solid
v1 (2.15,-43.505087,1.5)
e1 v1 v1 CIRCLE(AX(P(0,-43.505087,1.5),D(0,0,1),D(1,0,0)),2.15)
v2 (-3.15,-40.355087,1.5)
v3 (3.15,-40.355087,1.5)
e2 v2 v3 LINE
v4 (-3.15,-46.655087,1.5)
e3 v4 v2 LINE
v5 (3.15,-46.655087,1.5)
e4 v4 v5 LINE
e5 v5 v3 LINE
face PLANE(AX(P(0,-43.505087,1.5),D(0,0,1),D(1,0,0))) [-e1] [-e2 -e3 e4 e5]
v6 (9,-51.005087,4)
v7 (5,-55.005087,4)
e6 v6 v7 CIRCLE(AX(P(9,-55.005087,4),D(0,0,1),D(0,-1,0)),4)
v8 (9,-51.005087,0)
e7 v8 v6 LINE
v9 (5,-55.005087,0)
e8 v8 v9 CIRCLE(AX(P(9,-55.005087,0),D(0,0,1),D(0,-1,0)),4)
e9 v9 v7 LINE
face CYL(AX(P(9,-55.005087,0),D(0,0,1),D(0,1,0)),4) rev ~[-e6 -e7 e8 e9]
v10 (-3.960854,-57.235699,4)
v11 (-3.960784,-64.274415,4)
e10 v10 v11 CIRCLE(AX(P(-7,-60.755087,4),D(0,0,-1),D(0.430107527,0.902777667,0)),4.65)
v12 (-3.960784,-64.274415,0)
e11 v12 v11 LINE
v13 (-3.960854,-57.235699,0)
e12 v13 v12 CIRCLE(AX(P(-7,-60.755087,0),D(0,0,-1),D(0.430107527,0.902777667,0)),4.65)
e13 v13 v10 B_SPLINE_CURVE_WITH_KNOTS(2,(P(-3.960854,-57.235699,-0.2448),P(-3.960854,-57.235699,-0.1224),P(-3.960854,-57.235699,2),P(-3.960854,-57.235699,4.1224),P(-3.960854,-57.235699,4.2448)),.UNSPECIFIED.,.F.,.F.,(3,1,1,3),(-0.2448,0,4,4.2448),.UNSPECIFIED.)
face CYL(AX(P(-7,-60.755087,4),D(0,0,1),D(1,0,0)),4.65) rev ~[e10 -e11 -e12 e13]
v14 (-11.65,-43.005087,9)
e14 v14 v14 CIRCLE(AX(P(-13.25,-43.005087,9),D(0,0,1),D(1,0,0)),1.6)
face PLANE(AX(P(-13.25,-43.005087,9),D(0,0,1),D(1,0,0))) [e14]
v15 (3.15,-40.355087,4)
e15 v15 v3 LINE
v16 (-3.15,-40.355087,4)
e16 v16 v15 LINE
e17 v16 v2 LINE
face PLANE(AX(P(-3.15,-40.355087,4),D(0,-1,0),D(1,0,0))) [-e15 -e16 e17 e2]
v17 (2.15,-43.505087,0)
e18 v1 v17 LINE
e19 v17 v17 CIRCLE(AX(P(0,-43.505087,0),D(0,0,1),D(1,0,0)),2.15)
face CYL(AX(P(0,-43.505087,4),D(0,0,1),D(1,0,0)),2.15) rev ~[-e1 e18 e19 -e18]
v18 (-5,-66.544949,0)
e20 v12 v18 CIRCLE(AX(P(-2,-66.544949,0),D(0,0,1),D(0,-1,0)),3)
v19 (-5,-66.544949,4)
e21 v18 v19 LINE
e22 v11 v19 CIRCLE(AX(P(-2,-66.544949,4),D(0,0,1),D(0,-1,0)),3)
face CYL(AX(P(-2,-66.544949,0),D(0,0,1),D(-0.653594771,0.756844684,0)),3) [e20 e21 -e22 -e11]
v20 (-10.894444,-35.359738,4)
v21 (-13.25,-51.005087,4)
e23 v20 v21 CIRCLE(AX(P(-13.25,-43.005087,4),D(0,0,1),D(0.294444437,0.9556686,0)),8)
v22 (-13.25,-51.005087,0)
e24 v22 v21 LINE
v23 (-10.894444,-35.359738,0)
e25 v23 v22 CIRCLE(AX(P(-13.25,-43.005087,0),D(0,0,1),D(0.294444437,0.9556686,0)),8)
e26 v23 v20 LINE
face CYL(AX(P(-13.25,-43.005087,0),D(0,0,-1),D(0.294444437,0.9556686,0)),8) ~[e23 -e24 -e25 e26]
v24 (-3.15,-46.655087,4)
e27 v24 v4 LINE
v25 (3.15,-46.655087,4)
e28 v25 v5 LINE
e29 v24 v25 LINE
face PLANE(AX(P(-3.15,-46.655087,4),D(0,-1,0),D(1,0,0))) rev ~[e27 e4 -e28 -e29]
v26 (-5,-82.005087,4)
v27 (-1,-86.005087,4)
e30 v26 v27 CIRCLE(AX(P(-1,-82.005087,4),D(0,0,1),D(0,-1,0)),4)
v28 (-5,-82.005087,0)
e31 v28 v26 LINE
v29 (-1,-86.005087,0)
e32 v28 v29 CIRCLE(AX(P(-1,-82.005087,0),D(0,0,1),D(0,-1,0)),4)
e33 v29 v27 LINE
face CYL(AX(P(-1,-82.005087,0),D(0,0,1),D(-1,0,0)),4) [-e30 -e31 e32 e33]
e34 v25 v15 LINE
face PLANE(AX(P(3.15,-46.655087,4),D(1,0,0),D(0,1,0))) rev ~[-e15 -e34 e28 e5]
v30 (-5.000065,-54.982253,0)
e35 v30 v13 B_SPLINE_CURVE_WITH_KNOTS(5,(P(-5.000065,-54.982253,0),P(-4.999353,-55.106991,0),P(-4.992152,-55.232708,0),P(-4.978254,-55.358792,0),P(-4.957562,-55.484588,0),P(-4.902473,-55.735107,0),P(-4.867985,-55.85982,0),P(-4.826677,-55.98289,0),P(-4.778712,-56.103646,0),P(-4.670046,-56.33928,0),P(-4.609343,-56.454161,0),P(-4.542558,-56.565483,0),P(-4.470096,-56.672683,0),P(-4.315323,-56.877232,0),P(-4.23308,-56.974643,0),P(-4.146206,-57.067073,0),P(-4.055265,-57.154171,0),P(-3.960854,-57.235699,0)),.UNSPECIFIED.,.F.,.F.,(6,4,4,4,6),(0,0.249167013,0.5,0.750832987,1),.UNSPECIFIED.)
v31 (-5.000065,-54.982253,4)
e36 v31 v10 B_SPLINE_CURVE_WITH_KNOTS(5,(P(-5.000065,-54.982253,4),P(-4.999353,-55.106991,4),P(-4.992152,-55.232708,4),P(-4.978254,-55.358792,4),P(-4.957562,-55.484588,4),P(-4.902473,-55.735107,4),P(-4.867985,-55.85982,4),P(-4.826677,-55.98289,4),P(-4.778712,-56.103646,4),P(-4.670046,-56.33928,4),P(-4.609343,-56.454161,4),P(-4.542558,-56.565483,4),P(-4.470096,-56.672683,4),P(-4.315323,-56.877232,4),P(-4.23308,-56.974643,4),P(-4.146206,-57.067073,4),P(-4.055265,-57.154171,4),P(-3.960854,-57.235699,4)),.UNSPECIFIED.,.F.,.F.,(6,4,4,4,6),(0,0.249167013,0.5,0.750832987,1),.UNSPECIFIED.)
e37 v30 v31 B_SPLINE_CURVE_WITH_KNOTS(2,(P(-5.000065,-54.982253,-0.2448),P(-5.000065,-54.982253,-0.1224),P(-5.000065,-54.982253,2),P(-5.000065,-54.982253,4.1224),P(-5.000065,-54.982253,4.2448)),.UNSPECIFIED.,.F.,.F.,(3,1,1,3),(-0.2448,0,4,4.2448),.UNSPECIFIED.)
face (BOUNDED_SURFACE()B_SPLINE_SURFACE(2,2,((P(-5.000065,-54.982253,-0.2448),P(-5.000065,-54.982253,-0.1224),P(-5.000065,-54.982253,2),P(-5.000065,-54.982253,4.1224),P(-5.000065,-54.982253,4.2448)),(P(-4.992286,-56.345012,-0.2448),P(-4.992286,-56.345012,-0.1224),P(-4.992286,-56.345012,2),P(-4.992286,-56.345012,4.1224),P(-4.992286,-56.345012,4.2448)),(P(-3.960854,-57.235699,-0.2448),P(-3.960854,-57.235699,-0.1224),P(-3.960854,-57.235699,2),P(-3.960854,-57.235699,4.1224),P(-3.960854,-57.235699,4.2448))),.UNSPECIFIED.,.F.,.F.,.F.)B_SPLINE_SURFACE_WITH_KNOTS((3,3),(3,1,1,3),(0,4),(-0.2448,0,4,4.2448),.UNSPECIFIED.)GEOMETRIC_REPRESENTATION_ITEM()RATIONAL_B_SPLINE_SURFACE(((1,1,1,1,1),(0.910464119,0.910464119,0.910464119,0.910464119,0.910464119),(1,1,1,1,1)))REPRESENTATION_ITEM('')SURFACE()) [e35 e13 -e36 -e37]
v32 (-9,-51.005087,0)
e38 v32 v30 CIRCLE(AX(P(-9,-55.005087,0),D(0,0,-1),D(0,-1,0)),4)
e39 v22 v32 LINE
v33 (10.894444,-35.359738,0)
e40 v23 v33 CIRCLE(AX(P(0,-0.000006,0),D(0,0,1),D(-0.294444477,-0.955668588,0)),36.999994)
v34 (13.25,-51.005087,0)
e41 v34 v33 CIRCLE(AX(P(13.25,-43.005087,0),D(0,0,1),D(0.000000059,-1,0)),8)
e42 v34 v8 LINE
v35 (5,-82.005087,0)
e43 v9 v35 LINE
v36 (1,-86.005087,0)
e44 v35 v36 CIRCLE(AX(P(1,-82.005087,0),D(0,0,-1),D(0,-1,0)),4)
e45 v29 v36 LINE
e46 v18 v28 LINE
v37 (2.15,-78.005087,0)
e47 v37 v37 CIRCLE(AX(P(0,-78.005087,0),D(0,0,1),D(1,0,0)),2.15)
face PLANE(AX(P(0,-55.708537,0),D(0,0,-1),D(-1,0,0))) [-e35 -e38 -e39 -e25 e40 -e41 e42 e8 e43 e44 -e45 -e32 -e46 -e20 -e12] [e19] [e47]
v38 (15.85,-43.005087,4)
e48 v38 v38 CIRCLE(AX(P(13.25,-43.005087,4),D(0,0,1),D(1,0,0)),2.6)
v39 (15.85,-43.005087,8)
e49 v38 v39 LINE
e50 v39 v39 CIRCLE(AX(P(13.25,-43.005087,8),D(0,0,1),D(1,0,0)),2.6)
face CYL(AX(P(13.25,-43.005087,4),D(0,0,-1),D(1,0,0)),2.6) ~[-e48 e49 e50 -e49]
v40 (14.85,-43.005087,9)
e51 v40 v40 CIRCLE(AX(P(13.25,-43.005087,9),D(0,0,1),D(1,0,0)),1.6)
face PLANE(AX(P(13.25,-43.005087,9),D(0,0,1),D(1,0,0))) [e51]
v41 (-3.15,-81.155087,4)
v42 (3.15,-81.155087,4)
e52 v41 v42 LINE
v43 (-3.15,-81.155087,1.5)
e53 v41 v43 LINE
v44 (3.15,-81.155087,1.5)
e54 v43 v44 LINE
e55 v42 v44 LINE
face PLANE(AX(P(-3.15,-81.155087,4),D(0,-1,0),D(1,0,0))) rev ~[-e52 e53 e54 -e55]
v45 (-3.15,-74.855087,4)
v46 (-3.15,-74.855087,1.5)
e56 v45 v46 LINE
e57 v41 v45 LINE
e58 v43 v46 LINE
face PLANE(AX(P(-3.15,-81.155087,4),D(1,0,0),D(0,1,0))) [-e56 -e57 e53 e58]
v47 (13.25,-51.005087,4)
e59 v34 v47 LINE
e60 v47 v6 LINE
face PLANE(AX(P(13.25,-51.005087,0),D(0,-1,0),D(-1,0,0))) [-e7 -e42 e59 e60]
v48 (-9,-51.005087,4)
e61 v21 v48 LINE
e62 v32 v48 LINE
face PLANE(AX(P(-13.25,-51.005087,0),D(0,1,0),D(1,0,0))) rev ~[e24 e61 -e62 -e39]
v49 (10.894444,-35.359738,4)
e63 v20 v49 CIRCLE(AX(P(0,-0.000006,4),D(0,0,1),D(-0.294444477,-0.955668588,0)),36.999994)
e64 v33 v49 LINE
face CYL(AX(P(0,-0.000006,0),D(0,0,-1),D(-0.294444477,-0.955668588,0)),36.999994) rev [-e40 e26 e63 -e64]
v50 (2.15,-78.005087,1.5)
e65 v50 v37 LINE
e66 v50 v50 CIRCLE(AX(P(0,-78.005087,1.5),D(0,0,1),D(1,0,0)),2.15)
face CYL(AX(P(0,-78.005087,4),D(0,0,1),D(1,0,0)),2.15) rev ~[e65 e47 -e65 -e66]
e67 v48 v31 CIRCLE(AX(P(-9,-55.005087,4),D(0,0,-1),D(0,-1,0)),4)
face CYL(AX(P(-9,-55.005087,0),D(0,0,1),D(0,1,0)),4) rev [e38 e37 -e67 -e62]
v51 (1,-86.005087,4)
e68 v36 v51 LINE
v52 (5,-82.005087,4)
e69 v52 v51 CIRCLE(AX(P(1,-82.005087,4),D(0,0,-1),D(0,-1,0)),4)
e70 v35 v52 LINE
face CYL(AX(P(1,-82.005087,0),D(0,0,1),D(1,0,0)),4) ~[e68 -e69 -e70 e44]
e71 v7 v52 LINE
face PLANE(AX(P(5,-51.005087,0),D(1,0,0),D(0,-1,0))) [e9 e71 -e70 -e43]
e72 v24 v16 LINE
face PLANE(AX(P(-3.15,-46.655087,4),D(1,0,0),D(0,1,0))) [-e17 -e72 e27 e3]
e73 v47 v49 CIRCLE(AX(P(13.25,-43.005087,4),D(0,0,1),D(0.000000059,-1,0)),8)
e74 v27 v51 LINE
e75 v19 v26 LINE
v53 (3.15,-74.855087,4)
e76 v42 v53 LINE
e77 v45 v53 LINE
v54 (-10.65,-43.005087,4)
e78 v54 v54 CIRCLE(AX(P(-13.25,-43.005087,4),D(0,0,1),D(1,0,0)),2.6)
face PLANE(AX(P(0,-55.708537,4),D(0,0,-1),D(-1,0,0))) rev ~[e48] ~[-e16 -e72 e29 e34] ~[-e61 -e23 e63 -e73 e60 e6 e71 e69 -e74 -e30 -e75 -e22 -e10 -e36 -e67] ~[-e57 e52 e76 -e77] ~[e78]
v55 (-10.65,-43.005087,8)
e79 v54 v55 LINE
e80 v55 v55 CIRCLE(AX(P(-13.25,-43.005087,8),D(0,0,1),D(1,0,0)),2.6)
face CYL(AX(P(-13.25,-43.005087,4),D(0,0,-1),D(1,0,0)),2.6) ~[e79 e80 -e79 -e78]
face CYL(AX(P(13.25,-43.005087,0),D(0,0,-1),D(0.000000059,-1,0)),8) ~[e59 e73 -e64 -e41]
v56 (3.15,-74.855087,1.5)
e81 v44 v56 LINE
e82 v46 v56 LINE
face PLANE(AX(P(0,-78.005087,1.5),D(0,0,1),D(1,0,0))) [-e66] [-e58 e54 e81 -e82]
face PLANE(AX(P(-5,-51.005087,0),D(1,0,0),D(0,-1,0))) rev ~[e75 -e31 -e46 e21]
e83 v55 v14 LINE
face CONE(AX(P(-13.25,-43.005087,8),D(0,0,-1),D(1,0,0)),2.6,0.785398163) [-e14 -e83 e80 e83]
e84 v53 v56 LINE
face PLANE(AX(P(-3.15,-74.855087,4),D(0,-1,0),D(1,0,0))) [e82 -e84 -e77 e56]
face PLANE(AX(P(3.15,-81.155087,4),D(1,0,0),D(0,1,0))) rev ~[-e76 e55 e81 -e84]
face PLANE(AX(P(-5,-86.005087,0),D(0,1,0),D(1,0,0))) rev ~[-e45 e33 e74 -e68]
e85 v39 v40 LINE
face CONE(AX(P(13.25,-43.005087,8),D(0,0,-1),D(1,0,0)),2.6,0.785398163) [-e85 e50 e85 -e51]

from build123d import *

# Parameters (mm, degrees)
PAD_DEPTH       = 4
SKETCH001_R     = 2.6
PAD001_DEPTH    = 5
SKETCH002_R     = 2.15
POCKET_DEPTH    = 4.001
SKETCH003_W     = 6.3
SKETCH003_H     = 6.3
POCKET001_DEPTH = 2.5
FILLET_R        = 4
CHAMFER_SIZE    = 1
SKETCH004_R     = 4.65
POCKET002_DEPTH = 4.001
FILLET001_R     = 3


with BuildPart() as part:
    # Sketch → Pad (new body)
    with BuildSketch(Plane.XY):
        with BuildLine():
            ThreePointArc((-10.894444, -35.359738), (0, -37), (10.894444, -35.359738))
            ThreePointArc((13.25, -51.005087), (21.16084, -41.814035), (10.894444, -35.359738))
            Line((13.25, -51.005087), (5, -51.005087))
            Line((5, -51.005087), (5, -86.005087))
            Line((-5, -86.005087), (5, -86.005087))
            Line((-5, -51.005087), (-5, -86.005087))
            Line((-13.25, -51.005087), (-5, -51.005087))
            ThreePointArc((-10.894444, -35.359738), (-21.16084, -41.814035), (-13.25, -51.005087))
        make_face()
    extrude(amount=PAD_DEPTH)

    # Sketch001 (on Face10 of Pad) → Pad001 (join)
    with BuildSketch(Plane.XY.offset(4)):
        with Locations((-13.25, -43.005087)):
            Circle(SKETCH001_R)
        with Locations((13.25, -43.005087)):
            Circle(SKETCH001_R)
    extrude(amount=PAD001_DEPTH)

    # Sketch002 (on Face5 of Pad001) → Pocket (cut, through all)
    with BuildSketch(Plane.XY.offset(4)):
        with Locations((0, -43.505087)):
            Circle(SKETCH002_R)
        with Locations((0, -78.005087)):
            Circle(SKETCH002_R)
    extrude(amount=-POCKET_DEPTH, mode=Mode.SUBTRACT)

    # Sketch003 (on Face5 of Pocket) → Pocket001 (cut)
    with BuildSketch(Plane.XY.offset(4)):
        with Locations((0, -43.505087)):
            Rectangle(SKETCH003_W, SKETCH003_H)
        with Locations((0, -78.005087)):
            Rectangle(SKETCH003_W, SKETCH003_H)
    extrude(amount=-POCKET001_DEPTH, mode=Mode.SUBTRACT)

    # Fillet
    fillet_edges = [part.edges().sort_by_distance(p)[0] for p in [
        (5, -51.005087, 2),
        (-5, -51.005087, 2),
        (-5, -86.005087, 2),
        (5, -86.005087, 2),
    ]]
    fillet(fillet_edges, radius=FILLET_R)

    # Chamfer
    chamfer_edges = [part.edges().sort_by_distance(p)[0] for p in [
        (-15.85, -43.005087, 9),
        (10.65, -43.005087, 9),
    ]]
    chamfer(chamfer_edges, length=CHAMFER_SIZE)

    # Sketch004 (on Face3 of Chamfer) → Pocket002 (cut, through all)
    with BuildSketch(Plane.XY.offset(4)):
        with Locations((-7, -60.755087)):
            Circle(SKETCH004_R)
    extrude(amount=-POCKET002_DEPTH, mode=Mode.SUBTRACT)

    # Fillet001
    fillet001_edges = [part.edges().sort_by_distance(p)[0] for p in [
        (-5, -56.557171, 2),
        (-5, -64.953003, 2),
    ]]
    fillet(fillet001_edges, radius=FILLET001_R)


solid = part.part
